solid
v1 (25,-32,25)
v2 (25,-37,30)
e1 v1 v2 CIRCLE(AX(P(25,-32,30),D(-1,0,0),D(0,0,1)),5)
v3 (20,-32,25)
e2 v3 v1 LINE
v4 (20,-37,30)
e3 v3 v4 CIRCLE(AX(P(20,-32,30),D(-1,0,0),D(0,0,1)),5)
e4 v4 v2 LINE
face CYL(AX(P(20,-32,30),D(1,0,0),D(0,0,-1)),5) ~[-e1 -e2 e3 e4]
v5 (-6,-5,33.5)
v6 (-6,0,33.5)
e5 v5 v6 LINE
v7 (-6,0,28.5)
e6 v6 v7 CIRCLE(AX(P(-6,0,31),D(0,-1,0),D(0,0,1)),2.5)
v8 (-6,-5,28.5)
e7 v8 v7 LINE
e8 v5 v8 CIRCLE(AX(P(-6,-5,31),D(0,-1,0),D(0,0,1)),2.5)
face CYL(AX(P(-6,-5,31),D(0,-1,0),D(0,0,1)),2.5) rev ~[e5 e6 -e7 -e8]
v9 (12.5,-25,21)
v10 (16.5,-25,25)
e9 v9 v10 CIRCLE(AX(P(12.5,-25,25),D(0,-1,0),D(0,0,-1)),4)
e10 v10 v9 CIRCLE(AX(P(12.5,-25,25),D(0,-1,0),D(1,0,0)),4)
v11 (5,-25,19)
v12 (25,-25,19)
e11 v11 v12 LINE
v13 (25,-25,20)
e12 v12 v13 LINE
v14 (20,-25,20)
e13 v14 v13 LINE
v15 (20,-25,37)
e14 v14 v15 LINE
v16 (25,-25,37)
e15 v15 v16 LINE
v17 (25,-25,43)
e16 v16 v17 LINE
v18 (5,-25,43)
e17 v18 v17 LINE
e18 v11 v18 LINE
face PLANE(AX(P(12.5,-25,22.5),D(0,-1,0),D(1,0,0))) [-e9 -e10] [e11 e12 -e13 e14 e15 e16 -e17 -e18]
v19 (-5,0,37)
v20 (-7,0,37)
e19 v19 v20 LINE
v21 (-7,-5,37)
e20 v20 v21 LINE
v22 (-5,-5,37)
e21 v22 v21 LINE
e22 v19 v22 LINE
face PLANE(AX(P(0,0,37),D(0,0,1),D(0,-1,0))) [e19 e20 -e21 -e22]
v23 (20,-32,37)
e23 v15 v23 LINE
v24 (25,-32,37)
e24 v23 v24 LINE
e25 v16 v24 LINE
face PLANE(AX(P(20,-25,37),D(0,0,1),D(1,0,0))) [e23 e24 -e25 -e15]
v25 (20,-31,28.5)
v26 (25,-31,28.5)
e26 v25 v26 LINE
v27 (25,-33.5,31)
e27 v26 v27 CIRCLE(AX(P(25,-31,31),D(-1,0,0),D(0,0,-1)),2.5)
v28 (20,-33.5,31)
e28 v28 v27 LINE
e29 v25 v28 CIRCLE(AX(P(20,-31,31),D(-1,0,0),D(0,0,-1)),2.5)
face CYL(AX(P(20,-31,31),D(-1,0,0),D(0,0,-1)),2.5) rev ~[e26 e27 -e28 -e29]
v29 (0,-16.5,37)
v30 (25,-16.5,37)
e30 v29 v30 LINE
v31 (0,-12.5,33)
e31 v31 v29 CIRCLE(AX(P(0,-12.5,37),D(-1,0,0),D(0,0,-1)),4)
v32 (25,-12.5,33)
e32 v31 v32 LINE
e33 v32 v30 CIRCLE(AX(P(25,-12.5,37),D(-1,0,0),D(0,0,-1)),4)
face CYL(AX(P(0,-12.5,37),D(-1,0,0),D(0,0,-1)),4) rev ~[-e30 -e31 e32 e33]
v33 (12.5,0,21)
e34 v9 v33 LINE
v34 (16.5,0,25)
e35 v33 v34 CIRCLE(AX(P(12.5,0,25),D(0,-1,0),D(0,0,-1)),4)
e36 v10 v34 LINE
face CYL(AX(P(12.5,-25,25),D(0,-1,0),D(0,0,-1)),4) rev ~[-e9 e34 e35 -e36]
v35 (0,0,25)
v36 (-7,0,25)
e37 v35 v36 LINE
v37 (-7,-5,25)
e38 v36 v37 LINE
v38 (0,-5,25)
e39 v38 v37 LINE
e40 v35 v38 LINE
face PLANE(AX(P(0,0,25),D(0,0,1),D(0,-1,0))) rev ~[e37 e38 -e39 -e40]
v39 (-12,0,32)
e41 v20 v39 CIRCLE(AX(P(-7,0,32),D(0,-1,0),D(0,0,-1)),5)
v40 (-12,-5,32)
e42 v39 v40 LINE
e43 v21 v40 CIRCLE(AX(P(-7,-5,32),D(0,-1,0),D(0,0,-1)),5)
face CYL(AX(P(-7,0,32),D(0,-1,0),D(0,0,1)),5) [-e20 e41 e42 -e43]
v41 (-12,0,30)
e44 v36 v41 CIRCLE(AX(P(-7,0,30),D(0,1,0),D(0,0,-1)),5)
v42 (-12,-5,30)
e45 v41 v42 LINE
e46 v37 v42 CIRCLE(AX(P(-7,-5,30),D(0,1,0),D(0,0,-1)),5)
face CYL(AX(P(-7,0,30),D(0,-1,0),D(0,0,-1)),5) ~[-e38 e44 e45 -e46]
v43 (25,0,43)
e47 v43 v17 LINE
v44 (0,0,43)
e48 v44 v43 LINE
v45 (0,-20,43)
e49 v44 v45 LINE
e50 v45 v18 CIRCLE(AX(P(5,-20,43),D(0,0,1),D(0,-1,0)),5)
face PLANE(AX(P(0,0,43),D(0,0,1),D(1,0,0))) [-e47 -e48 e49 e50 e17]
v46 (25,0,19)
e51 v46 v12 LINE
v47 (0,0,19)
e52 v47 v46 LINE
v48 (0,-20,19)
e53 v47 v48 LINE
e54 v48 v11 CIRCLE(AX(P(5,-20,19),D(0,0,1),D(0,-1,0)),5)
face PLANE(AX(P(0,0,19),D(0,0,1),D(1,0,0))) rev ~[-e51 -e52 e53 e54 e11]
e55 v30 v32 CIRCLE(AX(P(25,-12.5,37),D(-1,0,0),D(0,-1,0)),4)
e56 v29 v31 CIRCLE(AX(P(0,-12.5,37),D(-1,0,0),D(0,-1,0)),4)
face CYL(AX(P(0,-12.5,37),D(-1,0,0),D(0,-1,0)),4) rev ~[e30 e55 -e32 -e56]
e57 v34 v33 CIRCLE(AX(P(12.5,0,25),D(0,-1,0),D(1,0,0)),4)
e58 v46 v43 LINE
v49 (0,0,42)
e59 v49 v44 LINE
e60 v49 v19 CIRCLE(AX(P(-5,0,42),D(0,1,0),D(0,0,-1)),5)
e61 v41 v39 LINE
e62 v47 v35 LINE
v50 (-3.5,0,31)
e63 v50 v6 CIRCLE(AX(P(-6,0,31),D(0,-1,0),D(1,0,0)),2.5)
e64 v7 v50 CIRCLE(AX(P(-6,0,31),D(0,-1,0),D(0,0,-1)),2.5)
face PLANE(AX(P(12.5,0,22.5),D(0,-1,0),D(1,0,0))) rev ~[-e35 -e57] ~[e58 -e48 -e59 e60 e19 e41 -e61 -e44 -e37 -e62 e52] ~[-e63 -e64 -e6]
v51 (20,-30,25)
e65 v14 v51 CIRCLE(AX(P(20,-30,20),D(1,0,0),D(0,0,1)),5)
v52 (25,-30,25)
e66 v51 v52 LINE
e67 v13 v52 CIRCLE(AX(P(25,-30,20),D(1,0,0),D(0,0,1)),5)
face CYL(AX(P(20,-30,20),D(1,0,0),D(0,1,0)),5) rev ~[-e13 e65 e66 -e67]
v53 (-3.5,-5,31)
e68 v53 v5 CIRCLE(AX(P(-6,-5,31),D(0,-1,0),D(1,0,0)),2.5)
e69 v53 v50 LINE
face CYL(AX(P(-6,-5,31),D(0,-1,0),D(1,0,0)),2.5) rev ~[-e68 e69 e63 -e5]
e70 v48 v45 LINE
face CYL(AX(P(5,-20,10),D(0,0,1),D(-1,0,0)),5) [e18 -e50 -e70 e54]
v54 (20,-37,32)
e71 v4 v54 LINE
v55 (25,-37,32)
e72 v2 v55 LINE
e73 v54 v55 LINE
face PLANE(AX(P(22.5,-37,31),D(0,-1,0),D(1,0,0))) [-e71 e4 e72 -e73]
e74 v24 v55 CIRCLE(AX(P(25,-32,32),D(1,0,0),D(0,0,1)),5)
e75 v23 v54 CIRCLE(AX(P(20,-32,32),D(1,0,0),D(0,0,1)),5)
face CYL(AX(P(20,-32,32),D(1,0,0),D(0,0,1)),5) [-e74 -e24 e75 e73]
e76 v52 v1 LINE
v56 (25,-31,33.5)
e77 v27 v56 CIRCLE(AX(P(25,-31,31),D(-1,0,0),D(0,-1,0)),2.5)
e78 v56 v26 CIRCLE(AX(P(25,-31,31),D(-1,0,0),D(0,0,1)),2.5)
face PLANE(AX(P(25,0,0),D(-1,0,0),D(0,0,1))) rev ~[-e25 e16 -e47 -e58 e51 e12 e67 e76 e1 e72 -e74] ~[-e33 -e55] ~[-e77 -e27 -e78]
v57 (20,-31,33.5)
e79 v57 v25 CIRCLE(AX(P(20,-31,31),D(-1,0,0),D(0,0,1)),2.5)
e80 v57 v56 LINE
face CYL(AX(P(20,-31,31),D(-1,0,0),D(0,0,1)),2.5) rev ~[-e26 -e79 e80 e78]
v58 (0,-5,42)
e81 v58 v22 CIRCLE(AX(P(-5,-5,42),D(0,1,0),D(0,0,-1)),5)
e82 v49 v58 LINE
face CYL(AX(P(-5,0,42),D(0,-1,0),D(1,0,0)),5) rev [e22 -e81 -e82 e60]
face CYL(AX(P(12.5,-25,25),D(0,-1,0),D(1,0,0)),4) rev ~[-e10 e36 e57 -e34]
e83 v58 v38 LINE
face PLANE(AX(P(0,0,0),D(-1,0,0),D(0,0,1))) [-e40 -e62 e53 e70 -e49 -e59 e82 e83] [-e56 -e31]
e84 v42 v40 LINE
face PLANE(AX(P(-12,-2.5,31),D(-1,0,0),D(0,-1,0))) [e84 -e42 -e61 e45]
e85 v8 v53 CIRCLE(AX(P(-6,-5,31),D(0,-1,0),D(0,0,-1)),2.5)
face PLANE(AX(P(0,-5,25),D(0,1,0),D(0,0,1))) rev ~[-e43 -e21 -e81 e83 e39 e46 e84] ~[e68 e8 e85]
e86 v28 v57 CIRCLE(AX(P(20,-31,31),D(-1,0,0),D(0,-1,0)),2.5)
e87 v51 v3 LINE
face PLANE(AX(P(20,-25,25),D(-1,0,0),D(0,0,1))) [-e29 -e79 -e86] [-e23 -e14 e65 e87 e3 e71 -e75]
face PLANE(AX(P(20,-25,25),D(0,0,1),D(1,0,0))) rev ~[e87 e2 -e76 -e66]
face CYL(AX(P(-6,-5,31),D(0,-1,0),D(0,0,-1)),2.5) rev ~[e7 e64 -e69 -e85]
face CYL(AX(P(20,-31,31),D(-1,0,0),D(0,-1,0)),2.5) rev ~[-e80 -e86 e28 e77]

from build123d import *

# Parameters (mm, degrees)
F0_W      = 25
F0_H      = 45
F1_DEPTH  = 25
F3_DEPTH  = 25
F5_DEPTH  = 25
F6_W      = 5
F6_H      = 12
F7_DEPTH  = 12
F9_DEPTH  = 25
F10_R     = 5
F11_W     = 5
F11_H     = 12
F12_DEPTH = 12
F14_DEPTH = 25
F15_R     = 5
F16_W     = 19
F16_H     = 6
F17_DEPTH = 19
F19_DEPTH = 12
F20_R     = 5
F21_R     = 5
F22_DEPTH = 2
F23_DEPTH = 19
F24_DEPTH = 7


with BuildPart() as f1:
    # F0 (on Front) → F1 (new body)
    with BuildSketch(Plane.XZ):
        with Locations((12.5, 22.5)):
            Rectangle(F0_W, F0_H)
    extrude(amount=F1_DEPTH)

    # F2 (on face) → F3 (cut)
    with BuildSketch(Plane.XZ.offset(25)):
        with BuildLine():
            ThreePointArc((16.5, 25), (9.6715728753, 27.8284271247), (12.5, 21))
            ThreePointArc((12.5, 21), (15.3284271247, 22.1715728753), (16.5, 25))
        make_face()
    extrude(amount=-F3_DEPTH, mode=Mode.SUBTRACT)

    # F4 (on face) → F5 (cut)
    with BuildSketch(Plane(origin=(0, 0, 0), x_dir=(0, -1, 0), z_dir=(-1, 0, 0))):
        with BuildLine():
            ThreePointArc((16.5, 37), (9.6715728753, 39.8284271247), (12.5, 33))
            ThreePointArc((12.5, 33), (15.3284271247, 34.1715728753), (16.5, 37))
        make_face()
    extrude(amount=-F5_DEPTH, mode=Mode.SUBTRACT)

    # F6 (on face) → F7 (join)
    with BuildSketch(Plane(origin=(0, 0, 0), x_dir=(0, -1, 0), z_dir=(-1, 0, 0))):
        with Locations((2.5, 31)):
            Rectangle(F6_W, F6_H)
    extrude(amount=F7_DEPTH)

    # F8 (on face) → F9 (cut)
    with BuildSketch(Plane.XZ.offset(5)):
        with BuildLine():
            ThreePointArc((-6, 33.5), (-8.5, 31), (-6, 28.5))
            Line((-6, 28.5), (-6, 33.5))
        make_face()
        with BuildLine():
            Line((-6, 33.5), (-6, 28.5))
            ThreePointArc((-6, 28.5), (-4.232233047, 29.232233047), (-3.5, 31))
            ThreePointArc((-3.5, 31), (-4.232233047, 32.767766953), (-6, 33.5))
        make_face()
    extrude(amount=-F9_DEPTH, mode=Mode.SUBTRACT)

    # F10
    f10_edges = [f1.edges().sort_by_distance(p)[0] for p in [
        (-12, -2.5, 37),
        (-12, -2.5, 25),
        (0, -2.5, 37),
    ]]
    fillet(f10_edges, radius=F10_R)

    # F11 (on face) → F12 (join)
    with BuildSketch(Plane.XZ.offset(25)):
        with Locations((22.5, 31)):
            Rectangle(F11_W, F11_H)
    extrude(amount=F12_DEPTH)

    # F13 (on face) → F14 (cut)
    with BuildSketch(Plane(origin=(20, 0, 0), x_dir=(0, -1, 0), z_dir=(-1, 0, 0))):
        with BuildLine():
            ThreePointArc((31, 33.5), (28.5, 31), (31, 28.5))
            Line((31, 28.5), (31, 33.5))
        make_face()
        with BuildLine():
            Line((31, 33.5), (31, 28.5))
            ThreePointArc((31, 28.5), (32.767766953, 29.232233047), (33.5, 31))
            ThreePointArc((33.5, 31), (32.767766953, 32.767766953), (31, 33.5))
        make_face()
    extrude(amount=-F14_DEPTH, mode=Mode.SUBTRACT)

    # F15
    f15_edges = [f1.edges().sort_by_distance(p)[0] for p in [
        (22.5, -37, 37),
        (22.5, -37, 25),
        (22.5, -25, 25),
    ]]
    fillet(f15_edges, radius=F15_R)

    # F16 (on face) → F17 (cut)
    with BuildSketch(Plane(origin=(0, 0, 0), x_dir=(0, -1, 0), z_dir=(-1, 0, 0))):
        with Locations((15.5, 7)):
            Rectangle(F16_W, F16_H)
    extrude(amount=-F17_DEPTH, mode=Mode.SUBTRACT)

    # F18 (on face) → F19 (cut)
    with BuildSketch(Plane(origin=(0, 0, 0), x_dir=(1, 0, 0), z_dir=(0, 0, -1))):
        Polygon((7.7781745931, 20.1085767529), (5.9480475741, 19.0519524259), (5.2781745931, 18.6652010799), (5.2781745931, 15.778449734), (7.7781745931, 14.335074061), (10.2781745931, 15.778449734), (10.2781745931, 18.6652010799), align=None)
    extrude(amount=-F19_DEPTH, mode=Mode.SUBTRACT)

    # F20
    f20_edges = [f1.edges().sort_by_distance(p)[0] for p in [
        (19, -6, 7),
    ]]
    fillet(f20_edges, radius=F20_R)

    # F21
    f21_edges = [f1.edges().sort_by_distance(p)[0] for p in [
        (0, -25, 2),
        (0, -25, 27.5),
    ]]
    fillet(f21_edges, radius=F21_R)

    # F22 (cut): a face of the model
    f22_faces = [f1.faces().sort_by_distance(p)[0] for p in [
        (12.59855993, -12.40144007, 45),
    ]]
    extrude(f22_faces, amount=-F22_DEPTH, mode=Mode.SUBTRACT)

    # F23 (cut): a face of the model
    f23_faces = [f1.faces().sort_by_distance(p)[0] for p in [
        (12.7730869211, -12.2269130789, 0),
    ]]
    extrude(f23_faces, amount=-F23_DEPTH, mode=Mode.SUBTRACT)

    # F24 (cut, through all): a face of the model
    f24_faces = [f1.faces().sort_by_distance(p)[0] for p in [
        (7.7781745931, -17.2218254069, 12),
    ]]
    extrude(f24_faces, amount=-F24_DEPTH, mode=Mode.SUBTRACT)


solid = f1.part
